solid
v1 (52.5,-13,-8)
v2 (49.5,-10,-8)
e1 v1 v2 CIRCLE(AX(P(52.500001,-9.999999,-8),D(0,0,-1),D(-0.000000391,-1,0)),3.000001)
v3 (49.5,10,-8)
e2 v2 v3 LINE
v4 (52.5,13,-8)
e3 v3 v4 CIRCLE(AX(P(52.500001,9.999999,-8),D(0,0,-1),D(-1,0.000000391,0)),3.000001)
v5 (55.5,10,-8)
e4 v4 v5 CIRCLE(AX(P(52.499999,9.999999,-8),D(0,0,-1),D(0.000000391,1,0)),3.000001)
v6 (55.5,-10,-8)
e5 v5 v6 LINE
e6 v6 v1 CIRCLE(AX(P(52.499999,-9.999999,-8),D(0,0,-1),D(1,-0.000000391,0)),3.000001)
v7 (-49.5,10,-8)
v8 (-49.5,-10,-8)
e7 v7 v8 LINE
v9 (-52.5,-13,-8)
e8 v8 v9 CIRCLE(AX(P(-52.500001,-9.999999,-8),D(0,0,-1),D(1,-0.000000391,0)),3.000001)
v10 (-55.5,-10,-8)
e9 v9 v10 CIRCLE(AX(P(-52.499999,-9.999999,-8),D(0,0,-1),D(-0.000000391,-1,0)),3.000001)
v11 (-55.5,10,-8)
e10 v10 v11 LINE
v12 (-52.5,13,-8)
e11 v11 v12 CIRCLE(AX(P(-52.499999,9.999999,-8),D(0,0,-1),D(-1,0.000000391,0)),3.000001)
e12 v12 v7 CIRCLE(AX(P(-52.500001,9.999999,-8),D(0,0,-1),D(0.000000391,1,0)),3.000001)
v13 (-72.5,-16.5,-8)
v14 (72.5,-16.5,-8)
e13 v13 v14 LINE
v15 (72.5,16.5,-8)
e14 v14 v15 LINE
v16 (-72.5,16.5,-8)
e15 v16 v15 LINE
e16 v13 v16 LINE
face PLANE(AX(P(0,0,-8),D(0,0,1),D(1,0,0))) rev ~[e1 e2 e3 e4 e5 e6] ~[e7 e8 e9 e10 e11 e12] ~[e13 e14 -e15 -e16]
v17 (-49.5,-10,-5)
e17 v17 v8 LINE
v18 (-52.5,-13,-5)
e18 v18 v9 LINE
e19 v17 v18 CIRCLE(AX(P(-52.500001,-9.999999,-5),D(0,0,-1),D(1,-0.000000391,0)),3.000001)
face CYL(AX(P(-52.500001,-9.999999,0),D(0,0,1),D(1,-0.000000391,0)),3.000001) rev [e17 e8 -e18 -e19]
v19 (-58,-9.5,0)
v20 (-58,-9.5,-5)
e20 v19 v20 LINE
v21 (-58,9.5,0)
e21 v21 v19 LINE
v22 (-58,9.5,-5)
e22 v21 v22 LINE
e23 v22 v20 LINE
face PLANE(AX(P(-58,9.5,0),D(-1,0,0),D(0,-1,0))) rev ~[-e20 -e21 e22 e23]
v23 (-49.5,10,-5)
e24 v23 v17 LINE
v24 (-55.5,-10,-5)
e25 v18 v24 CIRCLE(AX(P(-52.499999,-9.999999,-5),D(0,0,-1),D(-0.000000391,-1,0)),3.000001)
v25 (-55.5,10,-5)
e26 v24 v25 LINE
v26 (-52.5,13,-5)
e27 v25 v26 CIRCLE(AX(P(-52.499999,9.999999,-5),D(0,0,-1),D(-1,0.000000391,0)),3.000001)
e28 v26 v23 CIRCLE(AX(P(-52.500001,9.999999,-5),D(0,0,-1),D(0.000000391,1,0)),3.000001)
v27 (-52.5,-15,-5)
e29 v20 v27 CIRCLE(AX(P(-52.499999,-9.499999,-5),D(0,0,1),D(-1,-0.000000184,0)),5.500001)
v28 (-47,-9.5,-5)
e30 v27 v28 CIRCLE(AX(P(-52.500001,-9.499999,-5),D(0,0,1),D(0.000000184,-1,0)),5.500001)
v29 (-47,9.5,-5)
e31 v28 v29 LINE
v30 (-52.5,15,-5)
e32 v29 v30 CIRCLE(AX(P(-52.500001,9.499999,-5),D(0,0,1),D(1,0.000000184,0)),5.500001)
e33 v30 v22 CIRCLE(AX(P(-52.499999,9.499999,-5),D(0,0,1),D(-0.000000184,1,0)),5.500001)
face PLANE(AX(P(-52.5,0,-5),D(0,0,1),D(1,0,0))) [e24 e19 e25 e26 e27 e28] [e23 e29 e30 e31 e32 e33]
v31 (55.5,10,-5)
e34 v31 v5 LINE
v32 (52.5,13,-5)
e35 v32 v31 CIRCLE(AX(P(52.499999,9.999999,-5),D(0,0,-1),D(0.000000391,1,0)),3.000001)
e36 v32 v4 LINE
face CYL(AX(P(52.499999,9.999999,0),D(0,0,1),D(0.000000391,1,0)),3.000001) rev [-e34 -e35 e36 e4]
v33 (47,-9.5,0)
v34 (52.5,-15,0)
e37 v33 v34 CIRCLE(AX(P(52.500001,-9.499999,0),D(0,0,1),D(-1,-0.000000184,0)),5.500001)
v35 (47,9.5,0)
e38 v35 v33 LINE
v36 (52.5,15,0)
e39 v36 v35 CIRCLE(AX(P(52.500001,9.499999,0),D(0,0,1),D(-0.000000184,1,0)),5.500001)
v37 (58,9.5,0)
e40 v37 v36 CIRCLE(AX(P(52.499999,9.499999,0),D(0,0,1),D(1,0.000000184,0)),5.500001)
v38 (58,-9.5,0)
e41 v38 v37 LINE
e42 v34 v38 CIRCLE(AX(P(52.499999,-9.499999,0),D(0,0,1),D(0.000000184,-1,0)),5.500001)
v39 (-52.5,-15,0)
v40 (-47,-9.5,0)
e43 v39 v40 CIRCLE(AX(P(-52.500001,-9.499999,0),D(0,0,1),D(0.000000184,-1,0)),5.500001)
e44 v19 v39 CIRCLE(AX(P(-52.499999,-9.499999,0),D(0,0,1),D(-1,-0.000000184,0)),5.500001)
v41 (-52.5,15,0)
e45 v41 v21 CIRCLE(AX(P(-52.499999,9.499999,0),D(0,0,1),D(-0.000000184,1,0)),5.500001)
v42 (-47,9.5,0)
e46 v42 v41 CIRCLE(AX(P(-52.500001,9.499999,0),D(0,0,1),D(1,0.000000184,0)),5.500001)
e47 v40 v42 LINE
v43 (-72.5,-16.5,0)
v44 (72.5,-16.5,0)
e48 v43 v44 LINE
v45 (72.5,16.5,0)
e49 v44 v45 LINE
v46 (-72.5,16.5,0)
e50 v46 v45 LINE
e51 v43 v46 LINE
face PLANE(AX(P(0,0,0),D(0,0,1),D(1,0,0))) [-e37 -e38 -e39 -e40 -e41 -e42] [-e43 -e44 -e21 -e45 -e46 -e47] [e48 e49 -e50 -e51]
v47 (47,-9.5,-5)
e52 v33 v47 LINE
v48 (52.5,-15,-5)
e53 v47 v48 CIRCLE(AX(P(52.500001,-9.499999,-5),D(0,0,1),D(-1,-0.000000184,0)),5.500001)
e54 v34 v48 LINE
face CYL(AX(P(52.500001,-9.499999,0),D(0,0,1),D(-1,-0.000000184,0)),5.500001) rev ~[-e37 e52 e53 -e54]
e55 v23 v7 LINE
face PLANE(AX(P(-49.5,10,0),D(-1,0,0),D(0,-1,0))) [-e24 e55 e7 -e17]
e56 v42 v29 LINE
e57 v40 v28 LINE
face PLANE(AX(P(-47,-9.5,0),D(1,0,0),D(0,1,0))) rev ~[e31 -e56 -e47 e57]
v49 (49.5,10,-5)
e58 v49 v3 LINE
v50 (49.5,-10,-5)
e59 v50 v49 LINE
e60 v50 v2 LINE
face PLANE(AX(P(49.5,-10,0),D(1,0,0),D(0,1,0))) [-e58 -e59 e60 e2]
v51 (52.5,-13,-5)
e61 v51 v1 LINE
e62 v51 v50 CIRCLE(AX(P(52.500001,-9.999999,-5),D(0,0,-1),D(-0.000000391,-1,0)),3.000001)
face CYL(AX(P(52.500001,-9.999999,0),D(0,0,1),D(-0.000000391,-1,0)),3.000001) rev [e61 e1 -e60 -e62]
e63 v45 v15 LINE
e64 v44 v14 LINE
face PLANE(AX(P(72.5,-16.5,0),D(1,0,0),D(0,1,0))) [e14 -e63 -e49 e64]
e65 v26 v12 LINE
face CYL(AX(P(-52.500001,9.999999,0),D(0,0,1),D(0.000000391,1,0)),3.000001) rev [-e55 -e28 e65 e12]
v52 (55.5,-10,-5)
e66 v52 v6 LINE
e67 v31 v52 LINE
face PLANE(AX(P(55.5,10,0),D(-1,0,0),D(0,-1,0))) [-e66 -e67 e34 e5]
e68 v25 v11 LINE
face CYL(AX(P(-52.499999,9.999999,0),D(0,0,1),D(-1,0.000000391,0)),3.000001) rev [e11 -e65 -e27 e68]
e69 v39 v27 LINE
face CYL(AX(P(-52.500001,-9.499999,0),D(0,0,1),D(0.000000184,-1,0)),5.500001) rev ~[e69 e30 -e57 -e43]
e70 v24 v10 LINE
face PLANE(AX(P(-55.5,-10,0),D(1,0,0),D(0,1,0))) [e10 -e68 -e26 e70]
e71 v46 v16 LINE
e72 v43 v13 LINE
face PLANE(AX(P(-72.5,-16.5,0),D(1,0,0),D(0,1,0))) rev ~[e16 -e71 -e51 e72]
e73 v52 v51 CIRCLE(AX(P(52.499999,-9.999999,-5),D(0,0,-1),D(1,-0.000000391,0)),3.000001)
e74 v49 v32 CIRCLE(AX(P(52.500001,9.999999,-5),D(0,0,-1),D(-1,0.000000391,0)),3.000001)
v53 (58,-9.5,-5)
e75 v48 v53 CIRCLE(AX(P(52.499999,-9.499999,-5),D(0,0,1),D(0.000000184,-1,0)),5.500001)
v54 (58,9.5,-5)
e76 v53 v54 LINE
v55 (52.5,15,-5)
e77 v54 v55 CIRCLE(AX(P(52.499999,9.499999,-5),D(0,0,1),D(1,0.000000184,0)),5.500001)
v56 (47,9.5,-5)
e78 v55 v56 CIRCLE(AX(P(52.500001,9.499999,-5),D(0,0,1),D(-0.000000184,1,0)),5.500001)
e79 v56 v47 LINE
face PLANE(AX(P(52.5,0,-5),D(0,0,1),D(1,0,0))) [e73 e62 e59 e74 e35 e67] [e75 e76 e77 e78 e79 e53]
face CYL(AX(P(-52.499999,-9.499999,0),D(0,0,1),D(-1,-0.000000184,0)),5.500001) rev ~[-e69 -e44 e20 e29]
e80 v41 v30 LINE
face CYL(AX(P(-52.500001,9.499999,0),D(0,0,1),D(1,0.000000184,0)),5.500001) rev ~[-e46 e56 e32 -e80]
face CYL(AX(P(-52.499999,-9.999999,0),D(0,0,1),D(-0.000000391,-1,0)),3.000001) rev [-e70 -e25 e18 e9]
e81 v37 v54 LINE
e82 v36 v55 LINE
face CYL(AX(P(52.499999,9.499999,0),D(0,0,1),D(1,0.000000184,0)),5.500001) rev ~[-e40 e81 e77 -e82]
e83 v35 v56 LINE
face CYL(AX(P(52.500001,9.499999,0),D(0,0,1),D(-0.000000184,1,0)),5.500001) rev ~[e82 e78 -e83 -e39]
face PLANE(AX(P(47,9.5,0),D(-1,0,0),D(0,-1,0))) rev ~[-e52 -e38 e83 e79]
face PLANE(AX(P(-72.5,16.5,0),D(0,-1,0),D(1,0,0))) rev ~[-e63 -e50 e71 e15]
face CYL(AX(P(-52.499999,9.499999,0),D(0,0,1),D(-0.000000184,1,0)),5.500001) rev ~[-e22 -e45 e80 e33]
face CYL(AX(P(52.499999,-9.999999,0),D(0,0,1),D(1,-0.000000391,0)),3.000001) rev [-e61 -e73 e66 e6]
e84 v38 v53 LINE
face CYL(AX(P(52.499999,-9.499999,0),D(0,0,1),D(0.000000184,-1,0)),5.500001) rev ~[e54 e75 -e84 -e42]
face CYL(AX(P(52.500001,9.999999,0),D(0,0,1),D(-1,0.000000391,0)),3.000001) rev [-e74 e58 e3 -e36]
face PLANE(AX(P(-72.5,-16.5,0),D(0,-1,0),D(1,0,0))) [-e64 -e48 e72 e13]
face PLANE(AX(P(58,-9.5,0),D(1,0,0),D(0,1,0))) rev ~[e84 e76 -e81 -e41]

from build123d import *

# Parameters (mm, degrees)
F0_W     = 145
F0_H     = 33
F1_DEPTH = 8
F2_DEPTH = 5


with BuildPart() as f1:
    # F0 (on Top) → F1 (new body)
    with BuildSketch(Plane.XY):
        Rectangle(F0_W, F0_H)
        with BuildLine():
            Line((-58, -9.5), (-58, 9.5))
            ThreePointArc((-58, 9.5), (-56.389087, 13.389087), (-52.5, 15))
            ThreePointArc((-52.5, 15), (-48.610913, 13.389087), (-47, 9.5))
            Line((-47, 9.5), (-47, -9.5))
            ThreePointArc((-47, -9.5), (-48.610913, -13.389087), (-52.5, -15))
            ThreePointArc((-52.5, -15), (-56.389087, -13.389087), (-58, -9.5))
        make_face(mode=Mode.SUBTRACT)
        with BuildLine():
            Line((47, -9.5), (47, 9.5))
            ThreePointArc((47, 9.5), (48.610913, 13.389087), (52.5, 15))
            ThreePointArc((52.5, 15), (56.389087, 13.389087), (58, 9.5))
            Line((58, 9.5), (58, -9.5))
            ThreePointArc((58, -9.5), (56.389087, -13.389087), (52.5, -15))
            ThreePointArc((52.5, -15), (48.610913, -13.389087), (47, -9.5))
        make_face(mode=Mode.SUBTRACT)
        with BuildLine():
            ThreePointArc((-52.5, 15), (-56.389087, 13.389087), (-58, 9.5))
            Line((-58, 9.5), (-58, -9.5))
            ThreePointArc((-58, -9.5), (-56.389087, -13.389087), (-52.5, -15))
            ThreePointArc((-52.5, -15), (-48.610913, -13.389087), (-47, -9.5))
            Line((-47, -9.5), (-47, 9.5))
            ThreePointArc((-47, 9.5), (-48.610913, 13.389087), (-52.5, 15))
        make_face()
        with BuildLine():
            ThreePointArc((-52.5, 13), (-50.37868, 12.12132), (-49.5, 10))
            Line((-49.5, 10), (-49.5, -10))
            ThreePointArc((-49.5, -10), (-50.37868, -12.12132), (-52.5, -13))
            ThreePointArc((-52.5, -13), (-54.62132, -12.12132), (-55.5, -10))
            Line((-55.5, -10), (-55.5, 10))
            ThreePointArc((-55.5, 10), (-54.62132, 12.12132), (-52.5, 13))
        make_face(mode=Mode.SUBTRACT)
        with BuildLine():
            ThreePointArc((52.5, 15), (48.610913, 13.389087), (47, 9.5))
            Line((47, 9.5), (47, -9.5))
            ThreePointArc((47, -9.5), (48.610913, -13.389087), (52.5, -15))
            ThreePointArc((52.5, -15), (56.389087, -13.389087), (58, -9.5))
            Line((58, -9.5), (58, 9.5))
            ThreePointArc((58, 9.5), (56.389087, 13.389087), (52.5, 15))
        make_face()
        with BuildLine():
            Line((49.5, -10), (49.5, 10))
            ThreePointArc((49.5, 10), (50.37868, 12.12132), (52.5, 13))
            ThreePointArc((52.5, 13), (54.62132, 12.12132), (55.5, 10))
            Line((55.5, 10), (55.5, -10))
            ThreePointArc((55.5, -10), (54.62132, -12.12132), (52.5, -13))
            ThreePointArc((52.5, -13), (50.37868, -12.12132), (49.5, -10))
        make_face(mode=Mode.SUBTRACT)
    extrude(amount=-F1_DEPTH)

    # F0 (on Top) → F2 (cut)
    with BuildSketch(Plane.XY):
        with BuildLine():
            Line((-49.5, -10), (-49.5, 10))
            ThreePointArc((-49.5, 10), (-50.37868, 12.12132), (-52.5, 13))
            ThreePointArc((-52.5, 13), (-54.62132, 12.12132), (-55.5, 10))
            Line((-55.5, 10), (-55.5, -10))
            ThreePointArc((-55.5, -10), (-54.62132, -12.12132), (-52.5, -13))
            ThreePointArc((-52.5, -13), (-50.37868, -12.12132), (-49.5, -10))
        make_face()
        with BuildLine():
            ThreePointArc((52.5, 13), (50.37868, 12.12132), (49.5, 10))
            Line((49.5, 10), (49.5, -10))
            ThreePointArc((49.5, -10), (50.37868, -12.12132), (52.5, -13))
            ThreePointArc((52.5, -13), (54.62132, -12.12132), (55.5, -10))
            Line((55.5, -10), (55.5, 10))
            ThreePointArc((55.5, 10), (54.62132, 12.12132), (52.5, 13))
        make_face()
        with BuildLine():
            ThreePointArc((52.5, 15), (48.610913, 13.389087), (47, 9.5))
            Line((47, 9.5), (47, -9.5))
            ThreePointArc((47, -9.5), (48.610913, -13.389087), (52.5, -15))
            ThreePointArc((52.5, -15), (56.389087, -13.389087), (58, -9.5))
            Line((58, -9.5), (58, 9.5))
            ThreePointArc((58, 9.5), (56.389087, 13.389087), (52.5, 15))
        make_face()
        with BuildLine():
            Line((49.5, -10), (49.5, 10))
            ThreePointArc((49.5, 10), (50.37868, 12.12132), (52.5, 13))
            ThreePointArc((52.5, 13), (54.62132, 12.12132), (55.5, 10))
            Line((55.5, 10), (55.5, -10))
            ThreePointArc((55.5, -10), (54.62132, -12.12132), (52.5, -13))
            ThreePointArc((52.5, -13), (50.37868, -12.12132), (49.5, -10))
        make_face(mode=Mode.SUBTRACT)
        with BuildLine():
            ThreePointArc((-52.5, 15), (-56.389087, 13.389087), (-58, 9.5))
            Line((-58, 9.5), (-58, -9.5))
            ThreePointArc((-58, -9.5), (-56.389087, -13.389087), (-52.5, -15))
            ThreePointArc((-52.5, -15), (-48.610913, -13.389087), (-47, -9.5))
            Line((-47, -9.5), (-47, 9.5))
            ThreePointArc((-47, 9.5), (-48.610913, 13.389087), (-52.5, 15))
        make_face()
        with BuildLine():
            ThreePointArc((-52.5, 13), (-50.37868, 12.12132), (-49.5, 10))
            Line((-49.5, 10), (-49.5, -10))
            ThreePointArc((-49.5, -10), (-50.37868, -12.12132), (-52.5, -13))
            ThreePointArc((-52.5, -13), (-54.62132, -12.12132), (-55.5, -10))
            Line((-55.5, -10), (-55.5, 10))
            ThreePointArc((-55.5, 10), (-54.62132, 12.12132), (-52.5, 13))
        make_face(mode=Mode.SUBTRACT)
    extrude(amount=-F2_DEPTH, mode=Mode.SUBTRACT)


solid = f1.part
